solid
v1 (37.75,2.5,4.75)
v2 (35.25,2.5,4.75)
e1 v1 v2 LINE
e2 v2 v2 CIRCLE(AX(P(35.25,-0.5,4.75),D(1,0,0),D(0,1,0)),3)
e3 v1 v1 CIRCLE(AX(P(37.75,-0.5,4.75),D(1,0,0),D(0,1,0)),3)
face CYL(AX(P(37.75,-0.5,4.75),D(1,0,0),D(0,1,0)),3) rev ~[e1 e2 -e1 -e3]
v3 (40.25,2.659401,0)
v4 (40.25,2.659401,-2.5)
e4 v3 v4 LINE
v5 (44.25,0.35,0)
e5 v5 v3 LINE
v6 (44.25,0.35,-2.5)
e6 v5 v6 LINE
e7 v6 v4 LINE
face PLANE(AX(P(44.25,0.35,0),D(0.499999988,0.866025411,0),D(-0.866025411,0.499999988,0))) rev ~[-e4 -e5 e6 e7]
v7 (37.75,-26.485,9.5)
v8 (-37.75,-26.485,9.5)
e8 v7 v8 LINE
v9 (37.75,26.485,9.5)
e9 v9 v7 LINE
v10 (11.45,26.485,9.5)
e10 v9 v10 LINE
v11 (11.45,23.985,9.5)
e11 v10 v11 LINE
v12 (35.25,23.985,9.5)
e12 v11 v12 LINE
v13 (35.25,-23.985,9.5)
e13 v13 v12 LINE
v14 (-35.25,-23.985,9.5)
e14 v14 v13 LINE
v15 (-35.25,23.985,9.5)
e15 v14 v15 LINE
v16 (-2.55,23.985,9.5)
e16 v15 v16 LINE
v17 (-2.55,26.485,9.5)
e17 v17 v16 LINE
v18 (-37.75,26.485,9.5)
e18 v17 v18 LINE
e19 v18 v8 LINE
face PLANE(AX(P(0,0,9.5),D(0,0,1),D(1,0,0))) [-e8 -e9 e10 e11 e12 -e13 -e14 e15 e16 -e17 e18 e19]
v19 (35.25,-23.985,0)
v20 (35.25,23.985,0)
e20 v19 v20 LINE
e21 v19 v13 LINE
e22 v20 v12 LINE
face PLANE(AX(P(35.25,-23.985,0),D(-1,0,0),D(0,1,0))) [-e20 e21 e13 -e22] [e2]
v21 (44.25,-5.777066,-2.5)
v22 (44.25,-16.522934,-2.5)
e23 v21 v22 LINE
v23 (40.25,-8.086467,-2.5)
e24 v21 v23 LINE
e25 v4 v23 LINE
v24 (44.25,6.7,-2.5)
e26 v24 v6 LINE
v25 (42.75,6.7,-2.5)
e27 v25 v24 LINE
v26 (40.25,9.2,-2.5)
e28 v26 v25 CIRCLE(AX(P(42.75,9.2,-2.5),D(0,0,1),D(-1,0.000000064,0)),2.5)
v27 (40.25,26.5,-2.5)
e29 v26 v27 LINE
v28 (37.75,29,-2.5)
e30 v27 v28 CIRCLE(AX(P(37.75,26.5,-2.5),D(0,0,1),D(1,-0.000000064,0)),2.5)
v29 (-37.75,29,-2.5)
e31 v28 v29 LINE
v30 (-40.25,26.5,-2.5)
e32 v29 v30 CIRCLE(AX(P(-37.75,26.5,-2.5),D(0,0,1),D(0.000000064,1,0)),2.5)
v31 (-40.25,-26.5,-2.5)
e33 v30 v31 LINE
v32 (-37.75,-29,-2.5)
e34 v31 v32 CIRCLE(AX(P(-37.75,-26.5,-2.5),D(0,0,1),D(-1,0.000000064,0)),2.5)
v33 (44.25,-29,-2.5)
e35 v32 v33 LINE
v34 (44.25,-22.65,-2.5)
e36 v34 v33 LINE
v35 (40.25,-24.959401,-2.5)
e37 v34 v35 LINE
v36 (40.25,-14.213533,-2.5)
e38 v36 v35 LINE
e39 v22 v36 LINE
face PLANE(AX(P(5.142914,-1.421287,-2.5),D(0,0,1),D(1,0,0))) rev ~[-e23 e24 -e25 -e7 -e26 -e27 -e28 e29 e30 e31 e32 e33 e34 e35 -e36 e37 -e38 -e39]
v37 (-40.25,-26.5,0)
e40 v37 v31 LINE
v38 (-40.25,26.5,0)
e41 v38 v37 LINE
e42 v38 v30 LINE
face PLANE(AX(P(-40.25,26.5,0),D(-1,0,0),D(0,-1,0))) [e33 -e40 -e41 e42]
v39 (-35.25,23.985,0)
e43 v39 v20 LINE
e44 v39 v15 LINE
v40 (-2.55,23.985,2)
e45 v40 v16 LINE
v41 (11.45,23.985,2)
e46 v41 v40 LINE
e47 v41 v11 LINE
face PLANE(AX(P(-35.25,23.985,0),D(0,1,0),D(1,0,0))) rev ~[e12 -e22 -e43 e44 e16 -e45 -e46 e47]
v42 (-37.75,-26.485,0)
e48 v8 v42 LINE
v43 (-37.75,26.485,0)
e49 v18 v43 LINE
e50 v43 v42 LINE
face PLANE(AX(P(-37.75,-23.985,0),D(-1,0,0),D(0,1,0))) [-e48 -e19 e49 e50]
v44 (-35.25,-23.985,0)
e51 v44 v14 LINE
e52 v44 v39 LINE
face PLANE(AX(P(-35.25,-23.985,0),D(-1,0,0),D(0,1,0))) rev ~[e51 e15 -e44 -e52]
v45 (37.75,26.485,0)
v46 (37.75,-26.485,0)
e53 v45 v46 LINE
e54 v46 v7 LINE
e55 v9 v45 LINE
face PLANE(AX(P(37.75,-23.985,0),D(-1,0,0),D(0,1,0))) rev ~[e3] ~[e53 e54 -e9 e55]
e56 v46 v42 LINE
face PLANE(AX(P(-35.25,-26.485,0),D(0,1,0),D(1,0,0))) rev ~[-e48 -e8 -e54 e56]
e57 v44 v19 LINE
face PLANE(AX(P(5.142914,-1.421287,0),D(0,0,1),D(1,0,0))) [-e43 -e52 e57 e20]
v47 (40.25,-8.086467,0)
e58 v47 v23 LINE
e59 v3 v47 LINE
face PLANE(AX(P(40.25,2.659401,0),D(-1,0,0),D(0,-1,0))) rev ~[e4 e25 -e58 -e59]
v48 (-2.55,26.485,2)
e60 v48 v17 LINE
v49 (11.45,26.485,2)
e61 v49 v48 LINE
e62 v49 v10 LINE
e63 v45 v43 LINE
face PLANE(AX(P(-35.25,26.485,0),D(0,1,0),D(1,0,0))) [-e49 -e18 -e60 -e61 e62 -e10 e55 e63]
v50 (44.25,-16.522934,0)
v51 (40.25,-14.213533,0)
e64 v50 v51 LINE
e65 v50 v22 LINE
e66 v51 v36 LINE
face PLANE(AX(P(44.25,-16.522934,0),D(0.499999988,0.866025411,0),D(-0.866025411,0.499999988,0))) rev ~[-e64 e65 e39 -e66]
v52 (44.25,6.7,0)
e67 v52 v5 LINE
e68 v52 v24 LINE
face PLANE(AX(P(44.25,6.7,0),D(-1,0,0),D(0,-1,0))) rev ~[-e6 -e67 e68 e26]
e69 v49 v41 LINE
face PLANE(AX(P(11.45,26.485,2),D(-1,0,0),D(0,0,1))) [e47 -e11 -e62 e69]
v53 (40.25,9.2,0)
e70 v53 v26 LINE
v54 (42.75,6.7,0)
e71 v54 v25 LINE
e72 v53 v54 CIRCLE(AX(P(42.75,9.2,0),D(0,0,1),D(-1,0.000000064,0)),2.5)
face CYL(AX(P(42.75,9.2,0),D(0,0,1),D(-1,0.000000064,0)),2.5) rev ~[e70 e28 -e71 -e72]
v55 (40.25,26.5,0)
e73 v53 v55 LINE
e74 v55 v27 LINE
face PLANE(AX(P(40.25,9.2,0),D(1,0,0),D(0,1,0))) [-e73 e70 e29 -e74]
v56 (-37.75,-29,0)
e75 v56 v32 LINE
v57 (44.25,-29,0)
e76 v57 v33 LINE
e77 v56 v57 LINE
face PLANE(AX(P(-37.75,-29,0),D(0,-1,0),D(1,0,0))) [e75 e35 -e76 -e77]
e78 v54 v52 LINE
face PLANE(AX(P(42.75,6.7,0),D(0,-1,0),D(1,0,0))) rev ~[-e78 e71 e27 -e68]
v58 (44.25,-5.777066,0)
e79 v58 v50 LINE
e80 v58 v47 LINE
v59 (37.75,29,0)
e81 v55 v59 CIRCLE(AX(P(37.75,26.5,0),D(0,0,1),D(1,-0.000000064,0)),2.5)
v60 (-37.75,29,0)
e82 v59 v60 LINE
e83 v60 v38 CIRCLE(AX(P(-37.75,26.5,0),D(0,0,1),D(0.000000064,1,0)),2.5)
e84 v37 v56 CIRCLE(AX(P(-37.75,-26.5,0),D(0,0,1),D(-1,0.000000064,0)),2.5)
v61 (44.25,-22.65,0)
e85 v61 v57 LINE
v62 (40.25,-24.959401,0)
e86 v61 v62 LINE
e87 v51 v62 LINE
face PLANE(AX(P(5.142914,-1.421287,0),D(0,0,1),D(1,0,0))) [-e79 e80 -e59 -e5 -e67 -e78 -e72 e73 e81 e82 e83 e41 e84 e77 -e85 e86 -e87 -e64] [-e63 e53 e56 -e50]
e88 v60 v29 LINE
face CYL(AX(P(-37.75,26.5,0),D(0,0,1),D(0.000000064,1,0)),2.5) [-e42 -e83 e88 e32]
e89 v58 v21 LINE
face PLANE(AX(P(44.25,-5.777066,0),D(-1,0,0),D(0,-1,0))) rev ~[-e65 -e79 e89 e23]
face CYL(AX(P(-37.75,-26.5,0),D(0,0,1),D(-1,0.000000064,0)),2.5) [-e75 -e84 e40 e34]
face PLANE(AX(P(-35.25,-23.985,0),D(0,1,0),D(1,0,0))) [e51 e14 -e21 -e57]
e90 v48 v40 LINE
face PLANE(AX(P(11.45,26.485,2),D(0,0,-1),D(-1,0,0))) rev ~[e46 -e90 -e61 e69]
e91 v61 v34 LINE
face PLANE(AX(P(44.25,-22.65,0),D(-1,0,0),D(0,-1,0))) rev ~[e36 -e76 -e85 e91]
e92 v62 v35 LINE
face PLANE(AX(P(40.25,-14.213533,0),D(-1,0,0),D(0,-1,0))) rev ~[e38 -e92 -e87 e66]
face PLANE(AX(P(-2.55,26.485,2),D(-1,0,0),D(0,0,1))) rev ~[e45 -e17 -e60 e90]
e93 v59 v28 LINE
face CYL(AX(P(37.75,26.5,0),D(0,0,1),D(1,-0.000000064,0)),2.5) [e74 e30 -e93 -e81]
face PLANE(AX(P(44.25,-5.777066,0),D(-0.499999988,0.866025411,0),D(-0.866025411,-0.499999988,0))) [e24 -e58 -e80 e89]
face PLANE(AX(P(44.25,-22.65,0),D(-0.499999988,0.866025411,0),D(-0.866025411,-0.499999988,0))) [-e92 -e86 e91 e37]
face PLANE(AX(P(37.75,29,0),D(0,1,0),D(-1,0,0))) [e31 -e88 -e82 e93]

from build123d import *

# Parameters (mm, degrees)
SKETCH_W        = 70.5
SKETCH_H        = 47.97
PAD_DEPTH       = 9.5
THICKNESS_T     = 2.5
PAD001_DEPTH    = 2.5
SKETCH003_R     = 3
POCKET001_DEPTH = 5
SKETCH002_W     = 14
SKETCH002_H     = 7.5
POCKET_DEPTH    = 2.5


with BuildPart() as part:
    # Sketch → Pad (new body)
    with BuildSketch(Plane.XY):
        Rectangle(SKETCH_W, SKETCH_H)
    extrude(amount=PAD_DEPTH)

    # Thickness
    thickness_openings = [part.faces().sort_by_distance(p)[0] for p in [
        (0, 0, 9.5),
        (0, 0, 0),
    ]]
    offset(amount=THICKNESS_T, openings=thickness_openings, kind=Kind.INTERSECTION)

    # Sketch001 → Pad001 (join)
    with BuildSketch(Plane.XY):
        with BuildLine():
            Line((-40.25, 26.5), (-40.25, -26.5))
            ThreePointArc((-40.25, -26.5), (-39.517767, -28.267767), (-37.75, -29))
            Line((-37.75, -29), (40.25, -29))
            Line((40.25, -29), (44.25, -29))
            Line((44.25, -22.65), (44.25, -29))
            Line((44.25, -22.65), (40.25, -24.959401))
            Line((40.25, -14.213533), (40.25, -24.959401))
            Line((44.25, -16.522934), (40.25, -14.213533))
            Line((44.25, -5.777066), (44.25, -16.522934))
            Line((44.25, -5.777066), (40.25, -8.086467))
            Line((40.25, 2.659401), (40.25, -8.086467))
            Line((44.25, 0.35), (40.25, 2.659401))
            Line((44.25, 6.7), (44.25, 0.35))
            Line((42.75, 6.7), (44.25, 6.7))
            ThreePointArc((40.25, 9.2), (40.982233, 7.432233), (42.75, 6.7))
            Line((40.25, 9.2), (40.25, 26.5))
            ThreePointArc((40.25, 26.5), (39.517767, 28.267767), (37.75, 29))
            Line((37.75, 29), (-37.75, 29))
            ThreePointArc((-37.75, 29), (-39.517767, 28.267767), (-40.25, 26.5))
        make_face()
    extrude(amount=-PAD001_DEPTH)

    # Sketch003 (on Face10 of Pad001) → Pocket001 (cut)
    with BuildSketch(Plane.YZ.offset(37.75)):
        with Locations((-0.5, 4.75)):
            Circle(SKETCH003_R)
    extrude(amount=-POCKET001_DEPTH, mode=Mode.SUBTRACT)

    # Sketch002 (on Face7 of Pad001) → Pocket (cut)
    with BuildSketch(Plane(origin=(0, 26.485, 0), x_dir=(-1, 0, 0), z_dir=(0, 1, 0))):
        with Locations((-4.45, 5.75)):
            Rectangle(SKETCH002_W, SKETCH002_H)
    extrude(amount=-POCKET_DEPTH, mode=Mode.SUBTRACT)


solid = part.part
